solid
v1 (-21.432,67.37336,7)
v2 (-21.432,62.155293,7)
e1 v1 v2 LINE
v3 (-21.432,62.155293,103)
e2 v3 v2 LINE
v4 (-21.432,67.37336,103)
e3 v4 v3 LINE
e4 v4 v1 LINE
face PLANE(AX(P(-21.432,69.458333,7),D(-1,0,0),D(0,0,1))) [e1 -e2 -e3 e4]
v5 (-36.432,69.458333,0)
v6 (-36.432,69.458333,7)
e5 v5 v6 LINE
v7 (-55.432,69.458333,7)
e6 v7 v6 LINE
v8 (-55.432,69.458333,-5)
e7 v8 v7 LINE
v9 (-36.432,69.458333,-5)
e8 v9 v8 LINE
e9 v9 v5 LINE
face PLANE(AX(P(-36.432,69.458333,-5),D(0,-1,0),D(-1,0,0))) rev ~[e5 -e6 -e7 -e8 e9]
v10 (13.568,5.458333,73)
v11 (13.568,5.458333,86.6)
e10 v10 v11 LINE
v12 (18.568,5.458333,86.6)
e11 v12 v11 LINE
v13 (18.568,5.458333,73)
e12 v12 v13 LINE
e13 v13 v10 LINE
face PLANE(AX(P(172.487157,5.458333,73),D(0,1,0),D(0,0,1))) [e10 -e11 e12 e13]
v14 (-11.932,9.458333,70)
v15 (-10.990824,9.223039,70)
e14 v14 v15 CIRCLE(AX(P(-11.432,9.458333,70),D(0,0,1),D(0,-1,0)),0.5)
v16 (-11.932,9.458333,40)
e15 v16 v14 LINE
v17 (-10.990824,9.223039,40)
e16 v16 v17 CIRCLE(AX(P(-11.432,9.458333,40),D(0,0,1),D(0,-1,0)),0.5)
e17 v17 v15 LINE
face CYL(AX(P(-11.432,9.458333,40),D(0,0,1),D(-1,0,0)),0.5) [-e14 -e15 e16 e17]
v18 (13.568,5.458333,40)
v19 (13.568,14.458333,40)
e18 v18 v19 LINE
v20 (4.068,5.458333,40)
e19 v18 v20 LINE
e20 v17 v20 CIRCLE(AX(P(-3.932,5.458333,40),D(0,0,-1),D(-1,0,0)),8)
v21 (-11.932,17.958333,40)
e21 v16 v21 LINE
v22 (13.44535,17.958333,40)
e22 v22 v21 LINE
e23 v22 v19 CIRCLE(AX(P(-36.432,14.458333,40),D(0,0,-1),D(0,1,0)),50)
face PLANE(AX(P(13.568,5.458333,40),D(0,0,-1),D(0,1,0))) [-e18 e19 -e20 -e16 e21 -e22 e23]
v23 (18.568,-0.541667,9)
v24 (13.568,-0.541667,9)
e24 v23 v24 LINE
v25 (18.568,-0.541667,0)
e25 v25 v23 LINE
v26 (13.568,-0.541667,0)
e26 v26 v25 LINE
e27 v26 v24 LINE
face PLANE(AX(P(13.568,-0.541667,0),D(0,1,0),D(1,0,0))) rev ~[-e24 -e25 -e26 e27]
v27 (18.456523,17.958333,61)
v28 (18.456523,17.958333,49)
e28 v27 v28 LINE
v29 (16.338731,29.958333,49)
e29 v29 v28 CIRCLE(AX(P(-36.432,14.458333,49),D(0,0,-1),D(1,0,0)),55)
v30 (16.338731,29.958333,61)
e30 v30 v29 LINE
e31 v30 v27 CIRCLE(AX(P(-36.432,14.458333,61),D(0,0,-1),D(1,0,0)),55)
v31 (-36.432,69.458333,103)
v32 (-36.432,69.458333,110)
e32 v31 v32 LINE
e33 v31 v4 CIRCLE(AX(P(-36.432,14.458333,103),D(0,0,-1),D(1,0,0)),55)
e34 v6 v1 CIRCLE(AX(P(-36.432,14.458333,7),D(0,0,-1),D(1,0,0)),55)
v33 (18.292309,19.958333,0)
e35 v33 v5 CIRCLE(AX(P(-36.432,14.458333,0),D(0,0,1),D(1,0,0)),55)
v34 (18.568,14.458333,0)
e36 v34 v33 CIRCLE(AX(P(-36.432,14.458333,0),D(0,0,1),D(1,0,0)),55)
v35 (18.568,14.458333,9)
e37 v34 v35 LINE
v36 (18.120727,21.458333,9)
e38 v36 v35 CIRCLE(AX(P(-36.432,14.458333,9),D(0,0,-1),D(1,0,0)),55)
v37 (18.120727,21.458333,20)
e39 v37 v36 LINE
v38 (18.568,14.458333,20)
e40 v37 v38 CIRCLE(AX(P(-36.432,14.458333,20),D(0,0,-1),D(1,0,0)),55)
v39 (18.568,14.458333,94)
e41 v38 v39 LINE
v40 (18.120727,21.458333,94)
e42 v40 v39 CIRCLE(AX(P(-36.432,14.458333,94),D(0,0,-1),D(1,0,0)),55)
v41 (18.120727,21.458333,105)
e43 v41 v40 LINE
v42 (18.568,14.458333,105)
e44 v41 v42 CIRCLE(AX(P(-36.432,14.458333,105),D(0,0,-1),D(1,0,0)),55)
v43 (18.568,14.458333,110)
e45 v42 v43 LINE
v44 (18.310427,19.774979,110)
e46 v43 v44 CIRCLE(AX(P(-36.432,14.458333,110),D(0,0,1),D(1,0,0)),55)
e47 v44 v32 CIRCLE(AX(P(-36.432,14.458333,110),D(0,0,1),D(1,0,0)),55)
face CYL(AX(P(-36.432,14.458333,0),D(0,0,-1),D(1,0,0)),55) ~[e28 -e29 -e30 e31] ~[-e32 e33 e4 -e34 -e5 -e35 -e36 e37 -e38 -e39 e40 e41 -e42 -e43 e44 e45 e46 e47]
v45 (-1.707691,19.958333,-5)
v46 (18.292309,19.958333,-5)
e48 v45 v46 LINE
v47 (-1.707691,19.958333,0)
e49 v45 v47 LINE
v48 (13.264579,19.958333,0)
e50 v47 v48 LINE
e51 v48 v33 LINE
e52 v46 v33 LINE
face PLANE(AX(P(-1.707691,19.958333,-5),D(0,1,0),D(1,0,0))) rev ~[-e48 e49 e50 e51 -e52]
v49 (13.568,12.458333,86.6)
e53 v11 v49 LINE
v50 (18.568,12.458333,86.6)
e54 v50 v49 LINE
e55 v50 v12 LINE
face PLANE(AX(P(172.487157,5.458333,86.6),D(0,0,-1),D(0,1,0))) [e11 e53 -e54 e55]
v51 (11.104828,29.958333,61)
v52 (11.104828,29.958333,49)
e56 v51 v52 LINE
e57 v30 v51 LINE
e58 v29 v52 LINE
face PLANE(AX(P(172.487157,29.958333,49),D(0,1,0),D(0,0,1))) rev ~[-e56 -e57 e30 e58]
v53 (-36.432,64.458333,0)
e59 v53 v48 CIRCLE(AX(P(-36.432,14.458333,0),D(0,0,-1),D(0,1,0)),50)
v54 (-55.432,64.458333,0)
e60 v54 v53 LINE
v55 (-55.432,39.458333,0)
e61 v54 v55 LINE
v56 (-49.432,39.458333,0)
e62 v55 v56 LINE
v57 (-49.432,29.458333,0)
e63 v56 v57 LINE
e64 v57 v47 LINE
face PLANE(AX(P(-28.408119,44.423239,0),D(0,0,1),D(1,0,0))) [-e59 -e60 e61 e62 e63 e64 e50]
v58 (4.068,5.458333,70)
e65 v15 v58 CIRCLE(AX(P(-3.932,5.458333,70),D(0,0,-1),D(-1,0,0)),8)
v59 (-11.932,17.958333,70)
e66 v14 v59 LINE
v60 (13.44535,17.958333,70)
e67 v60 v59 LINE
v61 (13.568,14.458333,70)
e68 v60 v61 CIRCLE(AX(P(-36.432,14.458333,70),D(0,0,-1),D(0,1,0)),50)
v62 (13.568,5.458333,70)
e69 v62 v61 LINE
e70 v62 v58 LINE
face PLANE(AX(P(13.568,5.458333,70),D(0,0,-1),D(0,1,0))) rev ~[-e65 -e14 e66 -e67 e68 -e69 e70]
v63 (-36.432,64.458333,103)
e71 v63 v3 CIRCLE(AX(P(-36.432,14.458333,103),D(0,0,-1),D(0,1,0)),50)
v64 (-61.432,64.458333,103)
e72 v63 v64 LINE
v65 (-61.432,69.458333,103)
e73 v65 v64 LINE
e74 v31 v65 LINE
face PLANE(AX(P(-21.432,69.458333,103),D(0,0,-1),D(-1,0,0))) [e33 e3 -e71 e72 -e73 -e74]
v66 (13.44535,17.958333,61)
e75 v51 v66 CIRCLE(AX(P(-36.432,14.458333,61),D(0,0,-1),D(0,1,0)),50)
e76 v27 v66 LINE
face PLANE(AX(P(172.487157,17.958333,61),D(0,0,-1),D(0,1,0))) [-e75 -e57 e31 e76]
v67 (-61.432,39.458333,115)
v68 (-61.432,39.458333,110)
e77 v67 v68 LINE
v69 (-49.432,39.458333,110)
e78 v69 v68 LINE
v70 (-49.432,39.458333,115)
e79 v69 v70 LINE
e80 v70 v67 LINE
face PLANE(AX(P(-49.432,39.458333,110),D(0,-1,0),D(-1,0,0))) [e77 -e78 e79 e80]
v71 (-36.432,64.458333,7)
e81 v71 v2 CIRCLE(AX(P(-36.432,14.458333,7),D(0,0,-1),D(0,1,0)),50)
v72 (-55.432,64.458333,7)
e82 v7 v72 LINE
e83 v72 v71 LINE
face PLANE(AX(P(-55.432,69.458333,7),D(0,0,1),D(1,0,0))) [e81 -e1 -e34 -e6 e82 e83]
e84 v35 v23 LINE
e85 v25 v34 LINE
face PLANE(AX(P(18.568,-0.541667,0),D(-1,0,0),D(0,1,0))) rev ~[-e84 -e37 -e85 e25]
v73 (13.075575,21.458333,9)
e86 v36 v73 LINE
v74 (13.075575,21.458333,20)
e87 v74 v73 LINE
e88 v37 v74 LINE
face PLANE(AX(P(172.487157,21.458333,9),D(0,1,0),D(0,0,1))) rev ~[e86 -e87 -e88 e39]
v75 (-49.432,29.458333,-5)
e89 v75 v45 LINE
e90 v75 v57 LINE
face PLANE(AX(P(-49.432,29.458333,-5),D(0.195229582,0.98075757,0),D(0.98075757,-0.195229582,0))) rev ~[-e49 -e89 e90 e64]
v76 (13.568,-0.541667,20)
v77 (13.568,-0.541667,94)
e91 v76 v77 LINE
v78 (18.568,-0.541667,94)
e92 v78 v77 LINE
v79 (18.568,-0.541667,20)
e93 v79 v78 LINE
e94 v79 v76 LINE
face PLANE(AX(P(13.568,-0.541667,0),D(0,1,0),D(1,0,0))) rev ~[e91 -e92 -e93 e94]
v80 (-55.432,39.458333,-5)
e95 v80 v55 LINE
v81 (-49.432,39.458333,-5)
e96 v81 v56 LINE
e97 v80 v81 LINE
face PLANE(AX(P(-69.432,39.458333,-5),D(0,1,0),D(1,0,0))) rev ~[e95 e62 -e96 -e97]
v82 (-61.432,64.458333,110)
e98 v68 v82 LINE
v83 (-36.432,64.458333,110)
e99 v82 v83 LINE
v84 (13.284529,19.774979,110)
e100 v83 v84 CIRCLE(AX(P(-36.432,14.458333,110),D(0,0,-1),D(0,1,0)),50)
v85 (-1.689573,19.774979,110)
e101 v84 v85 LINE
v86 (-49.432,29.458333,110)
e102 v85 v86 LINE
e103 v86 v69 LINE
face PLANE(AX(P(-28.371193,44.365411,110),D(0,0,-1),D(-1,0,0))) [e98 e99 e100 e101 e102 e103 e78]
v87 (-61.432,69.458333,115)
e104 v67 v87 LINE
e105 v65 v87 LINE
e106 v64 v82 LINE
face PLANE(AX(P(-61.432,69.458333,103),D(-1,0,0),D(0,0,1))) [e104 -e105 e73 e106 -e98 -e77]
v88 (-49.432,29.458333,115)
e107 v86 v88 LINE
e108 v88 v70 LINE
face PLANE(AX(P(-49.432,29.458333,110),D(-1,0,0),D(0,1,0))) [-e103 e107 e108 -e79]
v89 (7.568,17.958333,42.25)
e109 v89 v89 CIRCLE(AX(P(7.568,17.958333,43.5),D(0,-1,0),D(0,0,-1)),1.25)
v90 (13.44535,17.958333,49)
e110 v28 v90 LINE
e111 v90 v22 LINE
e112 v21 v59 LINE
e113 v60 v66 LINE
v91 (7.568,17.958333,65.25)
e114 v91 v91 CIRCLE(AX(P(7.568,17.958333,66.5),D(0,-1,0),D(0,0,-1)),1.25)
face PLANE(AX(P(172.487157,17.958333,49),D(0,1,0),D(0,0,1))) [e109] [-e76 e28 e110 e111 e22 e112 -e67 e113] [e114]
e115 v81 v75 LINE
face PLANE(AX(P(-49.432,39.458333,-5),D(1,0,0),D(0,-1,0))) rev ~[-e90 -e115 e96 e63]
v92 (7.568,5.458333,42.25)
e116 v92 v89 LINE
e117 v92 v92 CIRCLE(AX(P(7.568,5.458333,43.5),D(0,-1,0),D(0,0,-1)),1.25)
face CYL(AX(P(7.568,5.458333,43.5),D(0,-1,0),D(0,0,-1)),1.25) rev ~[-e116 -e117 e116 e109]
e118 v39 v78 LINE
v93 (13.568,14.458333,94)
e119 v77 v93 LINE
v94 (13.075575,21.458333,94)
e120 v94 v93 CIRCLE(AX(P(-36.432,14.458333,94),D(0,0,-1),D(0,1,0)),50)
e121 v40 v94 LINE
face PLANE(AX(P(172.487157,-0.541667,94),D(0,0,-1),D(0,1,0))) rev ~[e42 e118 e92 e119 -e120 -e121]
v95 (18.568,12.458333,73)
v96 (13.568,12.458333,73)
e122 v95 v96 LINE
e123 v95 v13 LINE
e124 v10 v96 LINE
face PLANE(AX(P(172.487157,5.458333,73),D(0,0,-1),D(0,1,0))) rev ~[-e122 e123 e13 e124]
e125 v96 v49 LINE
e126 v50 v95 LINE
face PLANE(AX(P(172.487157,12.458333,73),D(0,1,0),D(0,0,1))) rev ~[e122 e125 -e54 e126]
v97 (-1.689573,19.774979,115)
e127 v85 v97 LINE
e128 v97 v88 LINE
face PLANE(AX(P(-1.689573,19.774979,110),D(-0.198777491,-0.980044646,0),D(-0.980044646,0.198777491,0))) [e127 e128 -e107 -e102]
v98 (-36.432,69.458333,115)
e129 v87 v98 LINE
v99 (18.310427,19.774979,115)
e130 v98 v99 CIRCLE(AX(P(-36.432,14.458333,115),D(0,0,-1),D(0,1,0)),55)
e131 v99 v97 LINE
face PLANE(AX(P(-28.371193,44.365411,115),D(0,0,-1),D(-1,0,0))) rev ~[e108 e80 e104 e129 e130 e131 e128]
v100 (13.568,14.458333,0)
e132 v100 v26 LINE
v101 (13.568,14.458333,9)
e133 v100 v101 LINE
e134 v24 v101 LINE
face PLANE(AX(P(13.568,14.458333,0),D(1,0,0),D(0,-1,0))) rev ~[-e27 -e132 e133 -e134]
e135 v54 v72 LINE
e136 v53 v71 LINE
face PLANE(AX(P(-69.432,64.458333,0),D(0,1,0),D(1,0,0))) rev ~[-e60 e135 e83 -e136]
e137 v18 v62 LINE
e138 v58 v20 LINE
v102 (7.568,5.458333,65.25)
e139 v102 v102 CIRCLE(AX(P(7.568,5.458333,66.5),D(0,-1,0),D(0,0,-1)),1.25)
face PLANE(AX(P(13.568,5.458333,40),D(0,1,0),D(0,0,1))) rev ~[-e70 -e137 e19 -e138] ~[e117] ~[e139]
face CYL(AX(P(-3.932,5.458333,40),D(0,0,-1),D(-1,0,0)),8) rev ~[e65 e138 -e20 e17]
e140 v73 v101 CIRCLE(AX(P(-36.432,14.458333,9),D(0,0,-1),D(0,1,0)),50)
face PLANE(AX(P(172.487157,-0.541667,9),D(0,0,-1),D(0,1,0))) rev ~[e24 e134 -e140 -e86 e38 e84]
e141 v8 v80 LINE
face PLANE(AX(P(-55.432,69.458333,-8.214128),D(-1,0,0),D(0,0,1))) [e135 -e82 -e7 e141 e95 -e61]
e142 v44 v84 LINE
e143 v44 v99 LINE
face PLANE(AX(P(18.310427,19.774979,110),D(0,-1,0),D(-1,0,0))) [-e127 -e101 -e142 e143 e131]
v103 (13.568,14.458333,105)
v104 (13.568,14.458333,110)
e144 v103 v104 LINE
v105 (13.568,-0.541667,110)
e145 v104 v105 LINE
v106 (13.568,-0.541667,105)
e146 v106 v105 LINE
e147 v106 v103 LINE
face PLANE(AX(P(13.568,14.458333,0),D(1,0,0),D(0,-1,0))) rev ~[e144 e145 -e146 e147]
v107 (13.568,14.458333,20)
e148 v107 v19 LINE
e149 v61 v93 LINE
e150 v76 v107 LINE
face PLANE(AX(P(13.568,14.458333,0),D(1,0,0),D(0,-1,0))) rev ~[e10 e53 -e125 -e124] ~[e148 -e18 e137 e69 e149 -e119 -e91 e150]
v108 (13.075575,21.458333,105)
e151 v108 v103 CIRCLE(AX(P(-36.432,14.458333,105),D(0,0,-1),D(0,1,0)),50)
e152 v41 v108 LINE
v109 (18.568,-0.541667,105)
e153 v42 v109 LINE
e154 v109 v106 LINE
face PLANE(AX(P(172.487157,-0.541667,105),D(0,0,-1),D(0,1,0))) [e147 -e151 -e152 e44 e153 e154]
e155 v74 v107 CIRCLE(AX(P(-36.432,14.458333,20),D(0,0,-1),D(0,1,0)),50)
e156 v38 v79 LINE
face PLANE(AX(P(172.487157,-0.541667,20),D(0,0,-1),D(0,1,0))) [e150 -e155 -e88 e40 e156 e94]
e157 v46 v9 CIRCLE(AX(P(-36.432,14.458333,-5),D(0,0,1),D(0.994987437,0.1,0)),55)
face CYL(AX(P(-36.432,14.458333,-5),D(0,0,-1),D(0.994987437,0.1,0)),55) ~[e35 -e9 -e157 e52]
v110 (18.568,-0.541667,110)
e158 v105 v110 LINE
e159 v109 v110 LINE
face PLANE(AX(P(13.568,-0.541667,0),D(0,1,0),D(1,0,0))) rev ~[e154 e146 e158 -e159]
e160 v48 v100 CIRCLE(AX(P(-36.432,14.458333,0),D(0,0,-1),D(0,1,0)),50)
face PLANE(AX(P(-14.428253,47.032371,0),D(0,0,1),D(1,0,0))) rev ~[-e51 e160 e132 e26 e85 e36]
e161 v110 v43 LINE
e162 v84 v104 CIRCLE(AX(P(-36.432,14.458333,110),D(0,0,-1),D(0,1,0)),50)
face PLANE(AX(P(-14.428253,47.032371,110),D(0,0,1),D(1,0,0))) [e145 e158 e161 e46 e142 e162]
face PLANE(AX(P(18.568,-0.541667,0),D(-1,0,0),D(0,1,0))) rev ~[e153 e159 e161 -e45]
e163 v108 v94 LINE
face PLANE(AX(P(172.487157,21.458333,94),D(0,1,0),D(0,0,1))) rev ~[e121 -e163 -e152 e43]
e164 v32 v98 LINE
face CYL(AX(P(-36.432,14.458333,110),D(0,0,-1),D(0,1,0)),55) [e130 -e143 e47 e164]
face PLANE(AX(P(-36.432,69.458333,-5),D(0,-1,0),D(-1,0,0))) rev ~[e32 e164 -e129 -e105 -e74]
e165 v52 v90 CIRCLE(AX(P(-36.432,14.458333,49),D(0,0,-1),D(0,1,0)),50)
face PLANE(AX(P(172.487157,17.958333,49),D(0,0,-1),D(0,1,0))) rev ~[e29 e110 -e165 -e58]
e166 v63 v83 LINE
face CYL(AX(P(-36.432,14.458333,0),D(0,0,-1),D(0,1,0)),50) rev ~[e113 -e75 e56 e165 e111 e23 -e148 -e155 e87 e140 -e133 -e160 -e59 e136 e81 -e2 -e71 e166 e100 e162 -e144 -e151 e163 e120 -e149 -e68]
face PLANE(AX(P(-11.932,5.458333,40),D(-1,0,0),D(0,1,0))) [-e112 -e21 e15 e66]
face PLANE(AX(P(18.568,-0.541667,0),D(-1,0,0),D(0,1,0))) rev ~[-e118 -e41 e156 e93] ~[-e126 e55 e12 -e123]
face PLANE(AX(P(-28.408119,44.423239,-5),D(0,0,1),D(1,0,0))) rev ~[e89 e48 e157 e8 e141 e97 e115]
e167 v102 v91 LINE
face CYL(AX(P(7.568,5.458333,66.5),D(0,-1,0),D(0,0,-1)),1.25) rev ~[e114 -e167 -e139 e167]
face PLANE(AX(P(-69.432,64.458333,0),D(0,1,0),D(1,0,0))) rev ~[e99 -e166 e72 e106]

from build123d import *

# Parameters (mm, degrees)
BOSS_EXTRUDE1_DEPTH     = 110
SKETCH2_W               = 30
SKETCH2_H               = 12.5
BOSS_EXTRUDE2_DEPTH     = 35
SKETCH3_R               = 8
CUT_EXTRUDE1_DEPTH      = 121.603742452
SKETCH4_R               = 1.5
SKETCH4_R_2             = 1.25
CUT_EXTRUDE2_DEPTH      = 12.5
SKETCH5_W               = 9.5
SKETCH5_H               = 12.5
CUT_EXTRUDE3_DEPTH      = 121.603742452
FILLET4_R               = 0.5
BOSS_EXTRUDE3_DEPTH     = 5
CUT_EXTRUDE4_DEPTH      = 158.919156753
CUT_EXTRUDE4_DEPTH_BACK = 158.919156753
SKETCH7_W               = 12
SKETCH7_H               = 12
SKETCH7_W_2             = 11
SKETCH7_H_2             = 22
SKETCH7_W_3             = 13.6
SKETCH7_H_3             = 7
BOSS_EXTRUDE4_START     = 5
BOSS_EXTRUDE4_DEPTH     = 5
CUT_EXTRUDE5_DEPTH      = 152.478720037


with BuildPart() as part:
    # Sketch1 → Boss-Extrude1 (new body)
    with BuildSketch(Plane.XY):
        with BuildLine():
            Line((13.568, -0.541666667), (18.568, -0.541666667))
            Line((18.568, -0.541666667), (18.568, 14.458333333))
            ThreePointArc((18.568, 14.458333333), (2.458872965, 53.349206299), (-36.432, 69.458333333))
            Line((-36.432, 69.458333333), (-69.432, 69.458333333))
            Line((-69.432, 69.458333333), (-69.432, 64.458333333))
            Line((-69.432, 64.458333333), (-36.432, 64.458333333))
            ThreePointArc((-36.432, 64.458333333), (-1.076660941, 49.813672393), (13.568, 14.458333333))
            Line((13.568, 14.458333333), (13.568, -0.541666667))
        make_face()
    extrude(amount=BOSS_EXTRUDE1_DEPTH)

    # Sketch2 → Boss-Extrude2 (add)
    with BuildSketch(Plane.ZY.offset(-13.568)):
        with Locations((55, 11.708333333)):
            Rectangle(SKETCH2_W, SKETCH2_H)
    extrude(amount=BOSS_EXTRUDE2_DEPTH)

    # Sketch3 → Cut-Extrude1 (cut, through all)
    with BuildSketch(Plane(origin=(0, 0, 40), x_dir=(-1, 0, 0), z_dir=(0, 0, -1))):
        with Locations((3.932, 5.458333333)):
            Circle(SKETCH3_R)
    extrude(amount=-CUT_EXTRUDE1_DEPTH, mode=Mode.SUBTRACT)

    # Sketch4 → Cut-Extrude2 (cut)
    with BuildSketch(Plane.XZ.offset(-5.458333333)):
        with Locations(Location((-17.932, 43.5, 0), (0, 0, 270))):
            Circle(SKETCH4_R)
        with Locations(Location((-17.932, 66.5, 0), (0, 0, 270))):
            Circle(SKETCH4_R)
        with Locations(Location((7.568, 43.5, 0), (0, 0, 270))):
            Circle(SKETCH4_R_2)
        with Locations(Location((7.568, 66.5, 0), (0, 0, 270))):
            Circle(SKETCH4_R_2)
    extrude(amount=-CUT_EXTRUDE2_DEPTH, mode=Mode.SUBTRACT)

    # Sketch5 → Cut-Extrude3 (cut, through all)
    with BuildSketch(Plane(origin=(0, 0, 40), x_dir=(-1, 0, 0), z_dir=(0, 0, -1))):
        with Locations((16.682, 11.708333333)):
            Rectangle(SKETCH5_W, SKETCH5_H)
    extrude(amount=-CUT_EXTRUDE3_DEPTH, mode=Mode.SUBTRACT)

    # Fillet4
    fillet4_edges = [part.edges().sort_by_distance(p)[0] for p in [
        (-11.932, 5.458333333, 55),
    ]]
    fillet(fillet4_edges, radius=FILLET4_R)

    # Sketch6 → Boss-Extrude3 (add)
    with BuildSketch(Plane.XY.offset(110)):
        with BuildLine():
            Line((18.310426703, 19.774978769), (-1.689573297, 19.774978769))
            Line((-1.689573297, 19.774978769), (-49.432, 29.458333333))
            Line((-49.432, 29.458333333), (-49.432, 39.458333333))
            Line((-49.432, 39.458333333), (-69.432, 39.458333333))
            Line((-69.432, 39.458333333), (-69.432, 69.458333333))
            Line((-69.432, 69.458333333), (-36.432, 69.458333333))
            ThreePointArc((-36.432, 69.458333333), (0.531390679, 55.1855693), (18.310426703, 19.774978769))
        make_face()
    extrude(amount=BOSS_EXTRUDE3_DEPTH)

    # Sketch7 → Cut-Extrude4 (cut, two sides: drawn at the far end of the back side and taken through both)
    with BuildSketch(Plane.ZY.offset(-13.568).offset(-CUT_EXTRUDE4_DEPTH_BACK)):
        with Locations((55, 23.958333333)):
            Rectangle(SKETCH7_W, SKETCH7_H)
        with Locations((99.5, 10.458333333)):
            Rectangle(SKETCH7_W_2, SKETCH7_H_2)
        with Locations((14.5, 10.458333333)):
            Rectangle(SKETCH7_W_2, SKETCH7_H_2)
        with Locations((79.8, 8.958333333)):
            Rectangle(SKETCH7_W_3, SKETCH7_H_3)
    extrude(amount=CUT_EXTRUDE4_DEPTH + CUT_EXTRUDE4_DEPTH_BACK, mode=Mode.SUBTRACT)

    # Sketch8 → Boss-Extrude4 (add)
    with BuildSketch(Plane(origin=(0, 0, 0), x_dir=(-1, 0, 0), z_dir=(0, 0, -1)).offset(BOSS_EXTRUDE4_START)):
        with BuildLine():
            Line((36.432, 69.458333333), (69.432, 69.458333333))
            Line((69.432, 69.458333333), (69.432, 64.458333333))
            Line((69.432, 64.458333333), (69.432, 39.458333333))
            Line((69.432, 39.458333333), (49.432, 39.458333333))
            Line((49.432, 39.458333333), (49.432, 29.458333333))
            Line((49.432, 29.458333333), (1.707690959, 19.958333333))
            Line((1.707690959, 19.958333333), (-18.292309041, 19.958333333))
            ThreePointArc((-18.292309041, 19.958333333), (-0.463121629, 55.247425012), (36.432, 69.458333333))
        make_face()
    extrude(amount=-BOSS_EXTRUDE4_DEPTH)

    # Sketch9 → Cut-Extrude5 (cut, through all)
    with BuildSketch(Plane(origin=(0, 69.458333333, 0), x_dir=(1, 0, 0), z_dir=(0, 1, 0))):
        Polygon((-55.432, -7), (-21.432, -7), (-21.432, -103), (-61.432, -103), (-61.432, -133.715891386), (-92.425116466, -133.715891386), (-92.425116466, -103), (-92.425116466, -7), (-92.425116466, 8.214128056), (-55.432, 8.214128056), align=None)
    extrude(amount=-CUT_EXTRUDE5_DEPTH, mode=Mode.SUBTRACT)


solid = part.part
